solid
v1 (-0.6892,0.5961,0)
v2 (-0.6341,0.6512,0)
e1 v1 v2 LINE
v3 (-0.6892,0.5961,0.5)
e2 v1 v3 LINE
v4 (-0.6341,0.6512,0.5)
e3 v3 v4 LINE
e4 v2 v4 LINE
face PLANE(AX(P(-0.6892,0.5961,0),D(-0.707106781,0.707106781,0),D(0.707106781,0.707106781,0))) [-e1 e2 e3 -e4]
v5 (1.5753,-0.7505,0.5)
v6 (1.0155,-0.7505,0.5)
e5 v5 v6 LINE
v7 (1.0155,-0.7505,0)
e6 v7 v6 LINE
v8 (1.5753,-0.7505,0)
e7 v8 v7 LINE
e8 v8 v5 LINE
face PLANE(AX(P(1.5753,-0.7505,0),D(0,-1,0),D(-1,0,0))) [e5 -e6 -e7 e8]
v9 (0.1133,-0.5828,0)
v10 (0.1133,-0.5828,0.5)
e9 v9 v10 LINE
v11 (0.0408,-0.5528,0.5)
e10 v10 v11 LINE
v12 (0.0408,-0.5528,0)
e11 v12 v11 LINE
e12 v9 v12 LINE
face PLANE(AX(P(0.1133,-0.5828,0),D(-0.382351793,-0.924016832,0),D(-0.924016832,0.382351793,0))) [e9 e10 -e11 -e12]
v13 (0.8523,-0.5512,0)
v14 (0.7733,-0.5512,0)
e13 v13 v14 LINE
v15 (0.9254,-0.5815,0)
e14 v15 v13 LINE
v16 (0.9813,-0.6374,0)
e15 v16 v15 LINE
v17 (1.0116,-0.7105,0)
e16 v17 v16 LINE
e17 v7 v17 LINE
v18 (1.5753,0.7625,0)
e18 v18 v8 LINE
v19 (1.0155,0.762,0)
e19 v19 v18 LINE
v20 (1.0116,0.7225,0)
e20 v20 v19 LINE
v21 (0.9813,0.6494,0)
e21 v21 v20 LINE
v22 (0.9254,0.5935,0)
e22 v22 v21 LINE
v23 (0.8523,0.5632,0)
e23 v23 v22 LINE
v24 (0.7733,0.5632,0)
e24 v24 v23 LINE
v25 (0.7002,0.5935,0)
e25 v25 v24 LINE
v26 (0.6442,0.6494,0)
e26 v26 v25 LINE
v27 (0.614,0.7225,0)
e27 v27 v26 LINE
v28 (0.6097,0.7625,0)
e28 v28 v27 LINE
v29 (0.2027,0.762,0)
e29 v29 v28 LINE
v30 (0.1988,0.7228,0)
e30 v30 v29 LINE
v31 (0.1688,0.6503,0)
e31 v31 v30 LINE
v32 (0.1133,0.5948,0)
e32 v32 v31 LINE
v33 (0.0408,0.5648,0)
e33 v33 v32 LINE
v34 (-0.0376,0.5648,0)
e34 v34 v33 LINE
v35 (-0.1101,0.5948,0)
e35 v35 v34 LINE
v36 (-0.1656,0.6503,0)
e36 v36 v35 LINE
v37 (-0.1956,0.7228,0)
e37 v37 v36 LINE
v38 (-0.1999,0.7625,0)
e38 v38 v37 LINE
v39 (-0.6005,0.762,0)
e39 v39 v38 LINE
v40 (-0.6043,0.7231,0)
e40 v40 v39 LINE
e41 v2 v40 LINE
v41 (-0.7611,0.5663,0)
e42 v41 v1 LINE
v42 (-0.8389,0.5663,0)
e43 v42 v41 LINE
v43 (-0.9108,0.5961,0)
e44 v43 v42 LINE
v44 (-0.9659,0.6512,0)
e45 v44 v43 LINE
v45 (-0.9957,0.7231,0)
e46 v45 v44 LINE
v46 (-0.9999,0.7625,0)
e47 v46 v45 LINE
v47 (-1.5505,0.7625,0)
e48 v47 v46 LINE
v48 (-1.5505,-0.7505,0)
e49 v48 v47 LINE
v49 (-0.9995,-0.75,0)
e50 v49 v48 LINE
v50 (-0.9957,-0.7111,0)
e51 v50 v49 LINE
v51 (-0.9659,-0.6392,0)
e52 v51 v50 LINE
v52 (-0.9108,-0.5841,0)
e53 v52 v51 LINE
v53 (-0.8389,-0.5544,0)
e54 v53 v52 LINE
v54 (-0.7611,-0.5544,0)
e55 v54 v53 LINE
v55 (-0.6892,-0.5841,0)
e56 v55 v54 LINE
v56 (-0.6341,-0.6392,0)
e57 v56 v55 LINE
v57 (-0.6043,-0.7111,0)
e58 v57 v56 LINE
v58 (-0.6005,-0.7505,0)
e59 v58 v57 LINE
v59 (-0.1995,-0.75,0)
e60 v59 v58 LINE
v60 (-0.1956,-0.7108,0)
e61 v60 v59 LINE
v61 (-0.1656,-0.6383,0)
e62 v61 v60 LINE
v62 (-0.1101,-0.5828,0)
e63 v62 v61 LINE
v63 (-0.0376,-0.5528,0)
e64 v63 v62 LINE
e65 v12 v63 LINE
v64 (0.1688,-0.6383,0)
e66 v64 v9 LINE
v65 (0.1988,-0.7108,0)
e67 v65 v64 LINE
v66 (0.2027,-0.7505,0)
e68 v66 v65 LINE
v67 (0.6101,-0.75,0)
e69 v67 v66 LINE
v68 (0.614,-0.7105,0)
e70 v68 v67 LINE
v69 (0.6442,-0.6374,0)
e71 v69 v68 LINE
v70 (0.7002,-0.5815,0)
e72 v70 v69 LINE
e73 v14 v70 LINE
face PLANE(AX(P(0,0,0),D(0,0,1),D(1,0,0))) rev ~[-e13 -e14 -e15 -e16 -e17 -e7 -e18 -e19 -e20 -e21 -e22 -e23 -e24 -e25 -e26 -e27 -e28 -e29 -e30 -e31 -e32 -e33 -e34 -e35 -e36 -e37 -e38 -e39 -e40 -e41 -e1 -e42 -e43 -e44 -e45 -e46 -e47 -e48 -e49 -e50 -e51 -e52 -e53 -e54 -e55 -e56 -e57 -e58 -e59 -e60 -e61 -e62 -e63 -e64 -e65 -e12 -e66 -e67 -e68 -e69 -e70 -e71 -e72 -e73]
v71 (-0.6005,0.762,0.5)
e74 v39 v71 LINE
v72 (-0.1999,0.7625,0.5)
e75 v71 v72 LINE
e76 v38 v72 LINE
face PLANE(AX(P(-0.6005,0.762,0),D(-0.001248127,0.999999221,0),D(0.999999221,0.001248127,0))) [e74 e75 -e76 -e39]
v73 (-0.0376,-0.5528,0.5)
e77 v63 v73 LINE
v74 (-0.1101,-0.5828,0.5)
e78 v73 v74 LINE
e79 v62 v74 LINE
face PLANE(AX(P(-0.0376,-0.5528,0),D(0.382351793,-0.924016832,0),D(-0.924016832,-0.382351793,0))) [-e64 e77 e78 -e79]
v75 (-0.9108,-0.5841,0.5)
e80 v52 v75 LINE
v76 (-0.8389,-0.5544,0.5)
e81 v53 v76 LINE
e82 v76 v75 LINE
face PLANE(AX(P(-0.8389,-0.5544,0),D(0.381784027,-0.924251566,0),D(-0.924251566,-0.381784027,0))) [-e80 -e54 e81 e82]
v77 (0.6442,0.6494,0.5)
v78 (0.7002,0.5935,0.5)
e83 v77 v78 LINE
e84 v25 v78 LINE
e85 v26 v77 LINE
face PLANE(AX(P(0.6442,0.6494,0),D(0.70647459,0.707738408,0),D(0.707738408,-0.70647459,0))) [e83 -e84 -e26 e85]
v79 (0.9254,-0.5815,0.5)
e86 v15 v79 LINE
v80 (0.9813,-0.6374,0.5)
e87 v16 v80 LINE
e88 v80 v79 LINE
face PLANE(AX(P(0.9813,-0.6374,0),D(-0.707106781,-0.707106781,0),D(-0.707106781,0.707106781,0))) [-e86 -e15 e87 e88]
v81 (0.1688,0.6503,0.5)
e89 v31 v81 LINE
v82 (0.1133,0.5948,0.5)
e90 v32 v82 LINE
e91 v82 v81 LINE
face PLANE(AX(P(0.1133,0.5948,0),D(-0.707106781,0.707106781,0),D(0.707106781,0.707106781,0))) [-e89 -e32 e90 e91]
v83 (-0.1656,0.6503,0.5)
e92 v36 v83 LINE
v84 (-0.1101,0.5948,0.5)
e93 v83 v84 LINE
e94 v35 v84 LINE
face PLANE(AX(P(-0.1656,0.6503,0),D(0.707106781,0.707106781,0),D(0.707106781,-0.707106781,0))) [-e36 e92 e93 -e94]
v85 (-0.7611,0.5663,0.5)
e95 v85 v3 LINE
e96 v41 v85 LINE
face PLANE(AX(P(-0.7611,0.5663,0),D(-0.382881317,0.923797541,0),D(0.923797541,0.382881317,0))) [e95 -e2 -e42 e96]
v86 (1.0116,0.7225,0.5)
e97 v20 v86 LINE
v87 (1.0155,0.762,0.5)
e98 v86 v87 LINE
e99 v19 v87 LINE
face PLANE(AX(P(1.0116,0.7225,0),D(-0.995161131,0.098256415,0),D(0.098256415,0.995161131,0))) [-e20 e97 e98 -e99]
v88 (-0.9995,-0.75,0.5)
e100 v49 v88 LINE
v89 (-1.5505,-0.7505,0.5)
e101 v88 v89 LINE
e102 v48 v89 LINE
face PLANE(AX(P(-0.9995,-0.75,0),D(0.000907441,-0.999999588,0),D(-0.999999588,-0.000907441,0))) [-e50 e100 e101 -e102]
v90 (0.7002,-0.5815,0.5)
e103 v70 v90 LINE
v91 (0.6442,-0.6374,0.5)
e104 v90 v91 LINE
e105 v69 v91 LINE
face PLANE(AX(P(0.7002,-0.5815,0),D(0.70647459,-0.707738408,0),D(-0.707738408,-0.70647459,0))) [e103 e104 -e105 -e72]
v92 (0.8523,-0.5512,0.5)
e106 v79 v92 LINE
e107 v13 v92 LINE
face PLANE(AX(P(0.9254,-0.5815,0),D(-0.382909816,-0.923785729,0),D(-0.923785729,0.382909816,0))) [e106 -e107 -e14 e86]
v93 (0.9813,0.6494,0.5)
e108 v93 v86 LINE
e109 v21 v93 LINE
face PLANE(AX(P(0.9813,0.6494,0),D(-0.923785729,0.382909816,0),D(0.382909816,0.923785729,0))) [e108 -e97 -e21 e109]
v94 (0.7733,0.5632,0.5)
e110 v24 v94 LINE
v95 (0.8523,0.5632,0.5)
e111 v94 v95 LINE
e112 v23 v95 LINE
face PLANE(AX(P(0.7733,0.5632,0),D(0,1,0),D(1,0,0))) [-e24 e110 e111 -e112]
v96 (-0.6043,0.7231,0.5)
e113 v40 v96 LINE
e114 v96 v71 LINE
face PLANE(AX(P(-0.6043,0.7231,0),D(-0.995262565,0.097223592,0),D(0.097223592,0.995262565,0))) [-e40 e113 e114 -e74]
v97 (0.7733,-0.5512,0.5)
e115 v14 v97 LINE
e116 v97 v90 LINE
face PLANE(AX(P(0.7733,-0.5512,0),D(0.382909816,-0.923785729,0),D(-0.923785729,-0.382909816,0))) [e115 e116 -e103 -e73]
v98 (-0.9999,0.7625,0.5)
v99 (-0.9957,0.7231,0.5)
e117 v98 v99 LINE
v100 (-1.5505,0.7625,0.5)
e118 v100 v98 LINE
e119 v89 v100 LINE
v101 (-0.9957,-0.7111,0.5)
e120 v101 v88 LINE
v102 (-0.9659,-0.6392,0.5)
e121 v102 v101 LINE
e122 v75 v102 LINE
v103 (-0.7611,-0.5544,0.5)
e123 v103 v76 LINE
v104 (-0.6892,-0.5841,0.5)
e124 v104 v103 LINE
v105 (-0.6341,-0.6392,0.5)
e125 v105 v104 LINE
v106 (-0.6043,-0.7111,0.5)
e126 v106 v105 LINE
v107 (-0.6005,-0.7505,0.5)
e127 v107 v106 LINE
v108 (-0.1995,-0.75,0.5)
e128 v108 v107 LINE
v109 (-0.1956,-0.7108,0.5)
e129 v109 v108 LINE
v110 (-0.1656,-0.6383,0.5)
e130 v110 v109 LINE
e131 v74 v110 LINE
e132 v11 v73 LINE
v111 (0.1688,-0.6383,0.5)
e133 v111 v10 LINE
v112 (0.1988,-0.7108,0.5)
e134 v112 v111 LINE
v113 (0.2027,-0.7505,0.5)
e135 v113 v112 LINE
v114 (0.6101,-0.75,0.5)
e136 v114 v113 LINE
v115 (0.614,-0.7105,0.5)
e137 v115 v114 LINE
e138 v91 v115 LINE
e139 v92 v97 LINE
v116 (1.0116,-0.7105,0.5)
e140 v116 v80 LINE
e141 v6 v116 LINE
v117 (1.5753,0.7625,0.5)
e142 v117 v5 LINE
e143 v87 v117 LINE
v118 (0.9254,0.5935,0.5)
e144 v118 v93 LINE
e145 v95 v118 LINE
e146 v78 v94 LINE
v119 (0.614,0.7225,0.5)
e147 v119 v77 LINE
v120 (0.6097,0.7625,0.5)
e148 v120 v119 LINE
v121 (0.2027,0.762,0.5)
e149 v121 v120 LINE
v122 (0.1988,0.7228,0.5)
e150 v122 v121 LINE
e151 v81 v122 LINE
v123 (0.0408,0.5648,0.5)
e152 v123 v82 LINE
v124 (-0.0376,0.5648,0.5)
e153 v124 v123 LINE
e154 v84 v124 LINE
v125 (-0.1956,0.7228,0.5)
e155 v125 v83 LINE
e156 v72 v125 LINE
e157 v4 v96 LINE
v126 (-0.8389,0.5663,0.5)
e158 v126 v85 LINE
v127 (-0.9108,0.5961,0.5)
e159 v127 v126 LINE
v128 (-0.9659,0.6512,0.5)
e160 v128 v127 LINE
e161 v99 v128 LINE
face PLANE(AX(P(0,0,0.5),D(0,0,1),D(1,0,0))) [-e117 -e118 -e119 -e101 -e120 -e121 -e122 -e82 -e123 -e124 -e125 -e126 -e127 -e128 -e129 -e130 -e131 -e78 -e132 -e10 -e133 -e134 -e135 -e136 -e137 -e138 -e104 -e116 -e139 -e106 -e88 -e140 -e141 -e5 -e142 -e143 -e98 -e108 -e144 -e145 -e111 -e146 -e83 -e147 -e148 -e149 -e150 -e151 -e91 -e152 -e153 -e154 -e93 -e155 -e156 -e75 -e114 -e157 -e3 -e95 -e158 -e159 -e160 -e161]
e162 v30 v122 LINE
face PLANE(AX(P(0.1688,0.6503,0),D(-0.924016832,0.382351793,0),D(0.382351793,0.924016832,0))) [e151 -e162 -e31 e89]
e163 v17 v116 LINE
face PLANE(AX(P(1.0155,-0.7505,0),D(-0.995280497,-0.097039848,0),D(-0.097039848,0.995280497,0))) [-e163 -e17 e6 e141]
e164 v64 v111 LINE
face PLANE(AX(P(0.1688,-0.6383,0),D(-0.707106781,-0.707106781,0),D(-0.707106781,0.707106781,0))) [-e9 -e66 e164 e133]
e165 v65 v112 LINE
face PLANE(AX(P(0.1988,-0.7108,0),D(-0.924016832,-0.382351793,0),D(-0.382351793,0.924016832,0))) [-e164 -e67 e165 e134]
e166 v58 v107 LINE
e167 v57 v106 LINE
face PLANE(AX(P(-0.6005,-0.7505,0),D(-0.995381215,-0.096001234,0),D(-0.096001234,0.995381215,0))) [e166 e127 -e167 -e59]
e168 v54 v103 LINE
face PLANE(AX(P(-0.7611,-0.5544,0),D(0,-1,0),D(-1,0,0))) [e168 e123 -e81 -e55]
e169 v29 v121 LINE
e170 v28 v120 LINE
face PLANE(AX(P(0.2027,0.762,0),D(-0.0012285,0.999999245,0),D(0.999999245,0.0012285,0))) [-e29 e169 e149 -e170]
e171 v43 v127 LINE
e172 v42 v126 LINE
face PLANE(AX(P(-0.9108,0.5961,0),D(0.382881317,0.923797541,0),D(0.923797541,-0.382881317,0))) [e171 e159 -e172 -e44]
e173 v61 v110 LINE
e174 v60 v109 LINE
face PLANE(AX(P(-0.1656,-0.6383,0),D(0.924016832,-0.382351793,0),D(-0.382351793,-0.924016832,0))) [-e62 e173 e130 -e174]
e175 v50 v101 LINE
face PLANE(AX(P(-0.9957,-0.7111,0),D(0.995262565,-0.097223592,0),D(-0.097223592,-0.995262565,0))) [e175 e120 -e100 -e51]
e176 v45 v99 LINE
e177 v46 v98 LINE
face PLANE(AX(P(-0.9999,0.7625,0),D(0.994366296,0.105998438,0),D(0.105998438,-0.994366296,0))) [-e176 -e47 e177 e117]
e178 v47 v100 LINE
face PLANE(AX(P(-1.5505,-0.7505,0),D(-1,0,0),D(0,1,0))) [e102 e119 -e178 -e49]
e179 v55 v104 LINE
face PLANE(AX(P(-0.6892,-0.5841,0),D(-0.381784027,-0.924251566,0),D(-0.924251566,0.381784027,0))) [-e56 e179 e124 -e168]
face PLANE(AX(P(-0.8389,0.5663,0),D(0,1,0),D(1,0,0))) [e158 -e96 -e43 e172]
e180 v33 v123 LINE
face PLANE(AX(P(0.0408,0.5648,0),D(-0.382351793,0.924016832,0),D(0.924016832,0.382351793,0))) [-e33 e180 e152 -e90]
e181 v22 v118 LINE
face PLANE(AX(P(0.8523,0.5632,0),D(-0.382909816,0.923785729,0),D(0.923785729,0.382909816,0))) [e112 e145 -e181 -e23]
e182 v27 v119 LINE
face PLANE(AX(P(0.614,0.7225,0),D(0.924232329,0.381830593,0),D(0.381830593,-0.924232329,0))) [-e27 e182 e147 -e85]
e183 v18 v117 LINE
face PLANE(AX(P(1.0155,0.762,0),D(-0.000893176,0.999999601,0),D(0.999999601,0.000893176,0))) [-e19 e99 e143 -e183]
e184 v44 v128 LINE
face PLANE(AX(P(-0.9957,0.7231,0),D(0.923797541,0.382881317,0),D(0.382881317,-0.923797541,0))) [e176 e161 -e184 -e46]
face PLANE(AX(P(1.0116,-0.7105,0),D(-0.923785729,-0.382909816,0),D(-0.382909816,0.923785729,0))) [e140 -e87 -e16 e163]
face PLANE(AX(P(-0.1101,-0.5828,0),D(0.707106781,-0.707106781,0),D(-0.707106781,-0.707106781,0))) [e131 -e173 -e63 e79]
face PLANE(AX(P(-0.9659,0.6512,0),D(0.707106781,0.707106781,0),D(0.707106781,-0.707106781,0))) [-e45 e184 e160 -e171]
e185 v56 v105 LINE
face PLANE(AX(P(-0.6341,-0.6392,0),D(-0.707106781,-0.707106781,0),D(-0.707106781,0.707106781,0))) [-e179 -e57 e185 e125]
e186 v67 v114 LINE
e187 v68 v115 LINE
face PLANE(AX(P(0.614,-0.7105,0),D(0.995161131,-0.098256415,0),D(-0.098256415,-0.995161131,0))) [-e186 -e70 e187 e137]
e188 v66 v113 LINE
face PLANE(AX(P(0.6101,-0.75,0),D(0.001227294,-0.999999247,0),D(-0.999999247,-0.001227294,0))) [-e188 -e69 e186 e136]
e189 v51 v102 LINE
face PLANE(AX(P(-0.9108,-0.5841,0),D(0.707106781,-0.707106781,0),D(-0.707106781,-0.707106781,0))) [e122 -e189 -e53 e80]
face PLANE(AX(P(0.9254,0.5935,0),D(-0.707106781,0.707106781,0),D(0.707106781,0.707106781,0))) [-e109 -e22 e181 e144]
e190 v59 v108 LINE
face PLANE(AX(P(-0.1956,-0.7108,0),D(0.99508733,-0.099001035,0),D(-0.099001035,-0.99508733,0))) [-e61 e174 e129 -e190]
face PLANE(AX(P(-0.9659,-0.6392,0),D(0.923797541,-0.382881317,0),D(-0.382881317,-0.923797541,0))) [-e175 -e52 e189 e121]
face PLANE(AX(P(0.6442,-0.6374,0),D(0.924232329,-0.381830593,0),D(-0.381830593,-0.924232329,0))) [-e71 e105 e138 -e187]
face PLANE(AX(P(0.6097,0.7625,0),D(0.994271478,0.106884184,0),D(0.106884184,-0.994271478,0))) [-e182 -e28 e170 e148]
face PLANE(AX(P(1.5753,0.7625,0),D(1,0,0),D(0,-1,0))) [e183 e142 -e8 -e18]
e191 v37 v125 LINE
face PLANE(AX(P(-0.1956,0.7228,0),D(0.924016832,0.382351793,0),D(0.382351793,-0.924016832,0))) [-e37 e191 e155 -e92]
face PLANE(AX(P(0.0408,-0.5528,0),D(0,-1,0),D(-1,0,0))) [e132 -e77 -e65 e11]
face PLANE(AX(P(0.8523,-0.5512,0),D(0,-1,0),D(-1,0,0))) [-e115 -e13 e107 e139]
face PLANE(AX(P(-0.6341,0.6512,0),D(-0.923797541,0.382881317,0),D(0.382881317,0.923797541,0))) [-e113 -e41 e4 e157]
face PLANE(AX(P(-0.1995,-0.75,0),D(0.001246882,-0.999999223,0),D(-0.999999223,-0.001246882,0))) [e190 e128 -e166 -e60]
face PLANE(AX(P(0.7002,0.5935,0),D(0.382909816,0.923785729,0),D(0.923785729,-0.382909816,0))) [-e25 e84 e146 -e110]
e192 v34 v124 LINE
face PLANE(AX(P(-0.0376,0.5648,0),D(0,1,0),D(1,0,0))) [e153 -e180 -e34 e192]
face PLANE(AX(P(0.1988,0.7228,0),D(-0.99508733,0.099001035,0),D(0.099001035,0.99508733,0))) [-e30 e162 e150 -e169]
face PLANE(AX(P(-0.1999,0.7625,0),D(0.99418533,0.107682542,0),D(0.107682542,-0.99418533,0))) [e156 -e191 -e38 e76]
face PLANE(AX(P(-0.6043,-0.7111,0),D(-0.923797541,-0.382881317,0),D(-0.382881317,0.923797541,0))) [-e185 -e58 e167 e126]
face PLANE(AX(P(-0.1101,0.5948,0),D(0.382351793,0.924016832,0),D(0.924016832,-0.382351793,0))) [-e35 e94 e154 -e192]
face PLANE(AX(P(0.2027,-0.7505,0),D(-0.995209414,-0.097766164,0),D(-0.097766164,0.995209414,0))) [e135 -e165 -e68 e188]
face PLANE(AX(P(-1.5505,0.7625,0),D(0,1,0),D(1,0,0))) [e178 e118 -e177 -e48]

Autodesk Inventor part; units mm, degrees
ref_plane "YZ Plane" through (0, 0, 0) normal (1, 0, 0) x (0, 1, 0)
ref_plane "XZ Plane" through (0, 0, 0) normal (0, 1, 0) x (-1, 0, 0)
ref_plane "XY Plane" through (0, 0, 0) normal (0, 0, 1) x (1, 0, 0)
sketch "CAY16, 10K_111" plane through (0, 0, 0) normal (0, 0, 1) x (1, 0, 0)
  line L0 (-1.5505, 0.7625) -> (-0.9999, 0.7625)
  line L1 (-0.9999, 0.7625) -> (-0.9997, 0.7624)
  line L2 (-0.9997, 0.7624) -> (-0.9996, 0.7623)
  line L3 (-0.9996, 0.7623) -> (-0.9995, 0.7621)
  line L4 (-0.9995, 0.7621) -> (-0.9995, 0.762)
  line L5 (-0.9995, 0.762) -> (-0.9957, 0.7231)
  line L6 (-0.9957, 0.7231) -> (-0.9659, 0.6512)
  line L7 (-0.9659, 0.6512) -> (-0.9108, 0.5961)
  line L8 (-0.9108, 0.5961) -> (-0.8389, 0.5663)
  line L9 (-0.8389, 0.5663) -> (-0.7611, 0.5663)
  line L10 (-0.7611, 0.5663) -> (-0.6892, 0.5961)
  line L11 (-0.6892, 0.5961) -> (-0.6341, 0.6512)
  line L12 (-0.6341, 0.6512) -> (-0.6043, 0.7231)
  line L13 (-0.6043, 0.7231) -> (-0.6005, 0.762)
  line L14 (-0.6005, 0.762) -> (-0.6005, 0.7621)
  line L15 (-0.6005, 0.7621) -> (-0.6004, 0.7623)
  line L16 (-0.6004, 0.7623) -> (-0.6003, 0.7624)
  line L17 (-0.6003, 0.7624) -> (-0.6001, 0.7625)
  line L18 (-0.6001, 0.7625) -> (-0.1999, 0.7625)
  line L19 (-0.1999, 0.7625) -> (-0.1997, 0.7624)
  line L20 (-0.1997, 0.7624) -> (-0.1996, 0.7623)
  line L21 (-0.1996, 0.7623) -> (-0.1995, 0.7621)
  line L22 (-0.1995, 0.7621) -> (-0.1995, 0.762)
  line L23 (-0.1995, 0.762) -> (-0.1956, 0.7228)
  line L24 (-0.1956, 0.7228) -> (-0.1656, 0.6503)
  line L25 (-0.1656, 0.6503) -> (-0.1101, 0.5948)
  line L26 (-0.1101, 0.5948) -> (-0.0376, 0.5648)
  line L27 (-0.0376, 0.5648) -> (0.0408, 0.5648)
  line L28 (0.0408, 0.5648) -> (0.1133, 0.5948)
  line L29 (0.1133, 0.5948) -> (0.1688, 0.6503)
  line L30 (0.1688, 0.6503) -> (0.1988, 0.7228)
  line L31 (0.1988, 0.7228) -> (0.2027, 0.762)
  line L32 (0.2027, 0.762) -> (0.2027, 0.7621)
  line L33 (0.2027, 0.7621) -> (0.2028, 0.7623)
  line L34 (0.2028, 0.7623) -> (0.2029, 0.7624)
  line L35 (0.2029, 0.7624) -> (0.2031, 0.7625)
  line L36 (0.2031, 0.7625) -> (0.6097, 0.7625)
  line L37 (0.6097, 0.7625) -> (0.6099, 0.7624)
  line L38 (0.6099, 0.7624) -> (0.61, 0.7623)
  line L39 (0.61, 0.7623) -> (0.6101, 0.7621)
  line L40 (0.6101, 0.7621) -> (0.6101, 0.762)
  line L41 (0.6101, 0.762) -> (0.614, 0.7225)
  line L42 (0.614, 0.7225) -> (0.6442, 0.6494)
  line L43 (0.6442, 0.6494) -> (0.7002, 0.5935)
  line L44 (0.7002, 0.5935) -> (0.7733, 0.5632)
  line L45 (0.7733, 0.5632) -> (0.8523, 0.5632)
  line L46 (0.8523, 0.5632) -> (0.9254, 0.5935)
  line L47 (0.9254, 0.5935) -> (0.9813, 0.6494)
  line L48 (0.9813, 0.6494) -> (1.0116, 0.7225)
  line L49 (1.0116, 0.7225) -> (1.0155, 0.762)
  line L50 (1.0155, 0.762) -> (1.0155, 0.7621)
  line L51 (1.0155, 0.7621) -> (1.0156, 0.7623)
  line L52 (1.0156, 0.7623) -> (1.0157, 0.7624)
  line L53 (1.0157, 0.7624) -> (1.0159, 0.7625)
  line L54 (1.0159, 0.7625) -> (1.5753, 0.7625)
  line L55 (1.5753, 0.7625) -> (1.5753, -0.7505)
  line L56 (1.5753, -0.7505) -> (1.0155, -0.7505)
  line L57 (1.0155, -0.7505) -> (1.0155, -0.75)
  line L58 (1.0155, -0.75) -> (1.0116, -0.7105)
  line L59 (1.0116, -0.7105) -> (0.9813, -0.6374)
  line L60 (0.9813, -0.6374) -> (0.9254, -0.5815)
  line L61 (0.9254, -0.5815) -> (0.8523, -0.5512)
  line L62 (0.8523, -0.5512) -> (0.7733, -0.5512)
  line L63 (0.7733, -0.5512) -> (0.7002, -0.5815)
  line L64 (0.7002, -0.5815) -> (0.6442, -0.6374)
  line L65 (0.6442, -0.6374) -> (0.614, -0.7105)
  line L66 (0.614, -0.7105) -> (0.6101, -0.75)
  line L67 (0.6101, -0.75) -> (0.6101, -0.7501)
  line L68 (0.6101, -0.7501) -> (0.61, -0.7503)
  line L69 (0.61, -0.7503) -> (0.6099, -0.7504)
  line L70 (0.6099, -0.7504) -> (0.6097, -0.7505)
  line L71 (0.6097, -0.7505) -> (0.2027, -0.7505)
  line L72 (0.2027, -0.7505) -> (0.2027, -0.75)
  line L73 (0.2027, -0.75) -> (0.1988, -0.7108)
  line L74 (0.1988, -0.7108) -> (0.1688, -0.6383)
  line L75 (0.1688, -0.6383) -> (0.1133, -0.5828)
  line L76 (0.1133, -0.5828) -> (0.0408, -0.5528)
  line L77 (0.0408, -0.5528) -> (-0.0376, -0.5528)
  line L78 (-0.0376, -0.5528) -> (-0.1101, -0.5828)
  line L79 (-0.1101, -0.5828) -> (-0.1656, -0.6383)
  line L80 (-0.1656, -0.6383) -> (-0.1956, -0.7108)
  line L81 (-0.1956, -0.7108) -> (-0.1995, -0.75)
  line L82 (-0.1995, -0.75) -> (-0.1995, -0.7501)
  line L83 (-0.1995, -0.7501) -> (-0.1996, -0.7503)
  line L84 (-0.1996, -0.7503) -> (-0.1997, -0.7504)
  line L85 (-0.1997, -0.7504) -> (-0.1999, -0.7505)
  line L86 (-0.1999, -0.7505) -> (-0.6005, -0.7505)
  line L87 (-0.6005, -0.7505) -> (-0.6005, -0.75)
  line L88 (-0.6005, -0.75) -> (-0.6043, -0.7111)
  line L89 (-0.6043, -0.7111) -> (-0.6341, -0.6392)
  line L90 (-0.6341, -0.6392) -> (-0.6892, -0.5841)
  line L91 (-0.6892, -0.5841) -> (-0.7611, -0.5544)
  line L92 (-0.7611, -0.5544) -> (-0.8389, -0.5544)
  line L93 (-0.8389, -0.5544) -> (-0.9108, -0.5841)
  line L94 (-0.9108, -0.5841) -> (-0.9659, -0.6392)
  line L95 (-0.9659, -0.6392) -> (-0.9957, -0.7111)
  line L96 (-0.9957, -0.7111) -> (-0.9995, -0.75)
  line L97 (-0.9995, -0.75) -> (-0.9995, -0.7501)
  line L98 (-0.9995, -0.7501) -> (-0.9996, -0.7503)
  line L99 (-0.9996, -0.7503) -> (-0.9997, -0.7504)
  line L100 (-0.9997, -0.7504) -> (-0.9999, -0.7505)
  line L101 (-0.9999, -0.7505) -> (-1.5505, -0.7505)
  line L102 (-1.5505, -0.7505) -> (-1.5505, 0.7625)
extrude "Extrusion1" add sketch "CAY16, 10K_111" along normal blind 0.5
properties part number "10K"
